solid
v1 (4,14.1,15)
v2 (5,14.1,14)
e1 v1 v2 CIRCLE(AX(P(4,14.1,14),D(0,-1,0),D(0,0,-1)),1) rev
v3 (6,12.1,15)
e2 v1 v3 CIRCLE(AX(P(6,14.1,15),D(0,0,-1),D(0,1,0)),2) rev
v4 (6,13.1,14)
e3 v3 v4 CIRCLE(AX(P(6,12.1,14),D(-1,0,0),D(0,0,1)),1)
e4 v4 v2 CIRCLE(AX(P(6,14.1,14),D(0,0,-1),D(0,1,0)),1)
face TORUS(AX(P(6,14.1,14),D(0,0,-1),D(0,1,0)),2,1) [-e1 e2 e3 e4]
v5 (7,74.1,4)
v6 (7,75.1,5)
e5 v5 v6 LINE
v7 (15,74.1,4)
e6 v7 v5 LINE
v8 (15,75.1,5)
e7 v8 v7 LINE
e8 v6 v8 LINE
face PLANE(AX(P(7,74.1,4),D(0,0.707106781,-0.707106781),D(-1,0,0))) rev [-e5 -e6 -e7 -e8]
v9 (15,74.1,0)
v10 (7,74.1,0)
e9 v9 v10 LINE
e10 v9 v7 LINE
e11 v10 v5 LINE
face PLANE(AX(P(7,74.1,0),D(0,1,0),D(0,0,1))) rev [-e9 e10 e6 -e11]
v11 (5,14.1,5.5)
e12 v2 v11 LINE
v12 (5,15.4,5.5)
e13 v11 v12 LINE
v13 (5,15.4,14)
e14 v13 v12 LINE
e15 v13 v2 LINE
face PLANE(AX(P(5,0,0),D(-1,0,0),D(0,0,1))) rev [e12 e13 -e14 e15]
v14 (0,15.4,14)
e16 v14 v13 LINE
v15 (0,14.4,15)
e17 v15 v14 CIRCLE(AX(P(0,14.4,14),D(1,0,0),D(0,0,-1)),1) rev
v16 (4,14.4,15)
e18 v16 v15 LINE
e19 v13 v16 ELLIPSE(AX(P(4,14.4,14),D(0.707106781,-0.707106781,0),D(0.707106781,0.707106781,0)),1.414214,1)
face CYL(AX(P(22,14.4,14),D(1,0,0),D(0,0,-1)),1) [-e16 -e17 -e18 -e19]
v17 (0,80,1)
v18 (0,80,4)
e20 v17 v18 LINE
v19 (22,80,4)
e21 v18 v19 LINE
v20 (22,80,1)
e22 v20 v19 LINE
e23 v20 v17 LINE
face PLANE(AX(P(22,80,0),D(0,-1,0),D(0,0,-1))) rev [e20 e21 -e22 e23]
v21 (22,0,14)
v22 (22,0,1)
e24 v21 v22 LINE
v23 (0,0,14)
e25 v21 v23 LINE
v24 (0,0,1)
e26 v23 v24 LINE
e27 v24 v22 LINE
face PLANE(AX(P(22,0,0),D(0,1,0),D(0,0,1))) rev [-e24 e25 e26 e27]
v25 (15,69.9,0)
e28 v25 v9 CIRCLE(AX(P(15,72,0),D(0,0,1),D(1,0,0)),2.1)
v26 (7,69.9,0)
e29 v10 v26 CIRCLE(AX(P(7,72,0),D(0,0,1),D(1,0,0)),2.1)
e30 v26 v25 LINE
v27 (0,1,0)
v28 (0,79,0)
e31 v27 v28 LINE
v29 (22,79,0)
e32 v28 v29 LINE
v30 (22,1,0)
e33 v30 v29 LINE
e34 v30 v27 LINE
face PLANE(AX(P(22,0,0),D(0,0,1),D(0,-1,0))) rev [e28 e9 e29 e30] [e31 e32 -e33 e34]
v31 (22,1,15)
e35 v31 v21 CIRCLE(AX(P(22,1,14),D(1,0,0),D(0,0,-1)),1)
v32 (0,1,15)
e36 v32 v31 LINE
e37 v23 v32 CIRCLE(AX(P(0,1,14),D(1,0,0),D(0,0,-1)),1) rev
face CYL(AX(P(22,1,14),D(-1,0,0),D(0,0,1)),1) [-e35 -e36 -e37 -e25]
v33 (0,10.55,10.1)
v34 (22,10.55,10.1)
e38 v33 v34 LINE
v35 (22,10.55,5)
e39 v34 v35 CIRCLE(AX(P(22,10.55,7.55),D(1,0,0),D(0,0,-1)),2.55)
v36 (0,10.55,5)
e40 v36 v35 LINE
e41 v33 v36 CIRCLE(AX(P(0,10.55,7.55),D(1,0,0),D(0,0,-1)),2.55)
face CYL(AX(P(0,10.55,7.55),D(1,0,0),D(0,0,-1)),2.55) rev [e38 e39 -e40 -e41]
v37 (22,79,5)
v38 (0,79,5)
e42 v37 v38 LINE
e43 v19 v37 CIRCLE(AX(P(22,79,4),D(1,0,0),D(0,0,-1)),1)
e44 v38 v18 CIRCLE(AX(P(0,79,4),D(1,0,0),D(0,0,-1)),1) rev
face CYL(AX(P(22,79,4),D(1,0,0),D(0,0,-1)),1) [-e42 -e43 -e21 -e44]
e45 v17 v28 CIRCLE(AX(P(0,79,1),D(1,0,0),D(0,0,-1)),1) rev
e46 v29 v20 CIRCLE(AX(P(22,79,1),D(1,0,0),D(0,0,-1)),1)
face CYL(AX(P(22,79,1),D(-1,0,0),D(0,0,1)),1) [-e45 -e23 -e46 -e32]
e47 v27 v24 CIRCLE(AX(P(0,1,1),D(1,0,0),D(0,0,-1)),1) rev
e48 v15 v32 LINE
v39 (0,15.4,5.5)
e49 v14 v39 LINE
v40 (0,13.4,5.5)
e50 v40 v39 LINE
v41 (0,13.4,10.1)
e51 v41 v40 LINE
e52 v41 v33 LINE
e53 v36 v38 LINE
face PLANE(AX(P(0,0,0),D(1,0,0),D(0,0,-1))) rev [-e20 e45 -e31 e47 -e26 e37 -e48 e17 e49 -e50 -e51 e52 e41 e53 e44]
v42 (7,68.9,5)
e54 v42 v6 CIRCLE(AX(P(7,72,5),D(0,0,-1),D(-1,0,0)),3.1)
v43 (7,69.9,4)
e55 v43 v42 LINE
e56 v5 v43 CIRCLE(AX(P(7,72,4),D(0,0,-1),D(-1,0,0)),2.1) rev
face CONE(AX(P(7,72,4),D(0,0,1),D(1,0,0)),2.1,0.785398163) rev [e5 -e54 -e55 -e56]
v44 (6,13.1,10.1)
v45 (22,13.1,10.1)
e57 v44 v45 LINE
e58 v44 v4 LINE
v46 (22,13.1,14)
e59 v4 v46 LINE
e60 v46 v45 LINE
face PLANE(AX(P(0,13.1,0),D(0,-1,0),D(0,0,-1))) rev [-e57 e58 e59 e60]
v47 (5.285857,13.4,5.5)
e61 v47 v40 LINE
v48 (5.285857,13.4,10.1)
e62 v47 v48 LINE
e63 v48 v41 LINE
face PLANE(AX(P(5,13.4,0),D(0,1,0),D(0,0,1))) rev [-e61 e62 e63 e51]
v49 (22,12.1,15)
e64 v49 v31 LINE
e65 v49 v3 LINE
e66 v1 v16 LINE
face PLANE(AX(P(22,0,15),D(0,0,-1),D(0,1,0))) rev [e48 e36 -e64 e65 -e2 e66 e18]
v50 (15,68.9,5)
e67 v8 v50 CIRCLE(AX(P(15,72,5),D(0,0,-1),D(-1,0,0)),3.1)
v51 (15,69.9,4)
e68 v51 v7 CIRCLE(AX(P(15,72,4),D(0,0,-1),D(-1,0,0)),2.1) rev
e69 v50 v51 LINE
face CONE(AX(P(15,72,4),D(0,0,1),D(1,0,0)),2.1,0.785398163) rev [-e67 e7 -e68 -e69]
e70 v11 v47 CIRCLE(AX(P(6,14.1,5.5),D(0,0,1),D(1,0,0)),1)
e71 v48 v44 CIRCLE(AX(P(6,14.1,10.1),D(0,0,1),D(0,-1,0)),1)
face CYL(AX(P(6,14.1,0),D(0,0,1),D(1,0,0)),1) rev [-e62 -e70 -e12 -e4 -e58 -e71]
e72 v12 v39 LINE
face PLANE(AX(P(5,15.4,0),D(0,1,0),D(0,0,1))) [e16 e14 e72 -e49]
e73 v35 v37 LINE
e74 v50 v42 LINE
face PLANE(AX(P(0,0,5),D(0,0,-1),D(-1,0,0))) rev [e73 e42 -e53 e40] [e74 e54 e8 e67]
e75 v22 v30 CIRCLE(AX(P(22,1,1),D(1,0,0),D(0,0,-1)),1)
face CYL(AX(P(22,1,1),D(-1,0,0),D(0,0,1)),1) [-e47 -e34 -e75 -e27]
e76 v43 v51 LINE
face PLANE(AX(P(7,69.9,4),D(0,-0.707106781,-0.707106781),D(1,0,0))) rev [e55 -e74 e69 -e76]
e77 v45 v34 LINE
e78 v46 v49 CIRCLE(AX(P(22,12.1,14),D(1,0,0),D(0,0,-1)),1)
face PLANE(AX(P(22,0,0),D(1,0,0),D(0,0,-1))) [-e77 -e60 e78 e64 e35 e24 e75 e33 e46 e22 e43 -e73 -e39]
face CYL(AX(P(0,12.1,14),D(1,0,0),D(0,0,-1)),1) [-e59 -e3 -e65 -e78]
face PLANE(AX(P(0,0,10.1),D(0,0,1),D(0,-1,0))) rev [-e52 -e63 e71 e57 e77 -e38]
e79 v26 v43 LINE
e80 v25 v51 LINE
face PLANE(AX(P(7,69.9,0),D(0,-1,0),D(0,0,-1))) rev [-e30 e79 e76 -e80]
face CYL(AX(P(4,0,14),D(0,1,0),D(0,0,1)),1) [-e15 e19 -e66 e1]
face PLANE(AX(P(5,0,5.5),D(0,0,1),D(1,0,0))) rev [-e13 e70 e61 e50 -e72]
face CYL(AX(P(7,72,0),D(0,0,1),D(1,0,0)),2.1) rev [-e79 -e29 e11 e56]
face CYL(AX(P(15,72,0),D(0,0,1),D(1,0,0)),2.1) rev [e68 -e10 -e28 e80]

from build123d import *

# Parameters (mm, degrees)
SKETCH1_W           = 15
SKETCH1_H           = 80
BOSS_EXTRUDE1_DEPTH = 22
CUT_EXTRUDE1_DEPTH  = 23
CUT_EXTRUDE2_DEPTH  = 6
CHAMFER1_SIZE       = 1
SKETCH6_W           = 4.9
SKETCH6_H           = 0.3
BOSS_EXTRUDE2_DEPTH = 5
FILLET2_R           = 1


with BuildPart() as part:
    # Sketch1 → Boss-Extrude1 (new body)
    with BuildSketch(Plane(origin=(0, 0, 0), x_dir=(0, 0, -1), z_dir=(1, 0, 0))):
        with Locations((-7.5, 40)):
            Rectangle(SKETCH1_W, SKETCH1_H)
    extrude(amount=BOSS_EXTRUDE1_DEPTH)

    # Sketch2 → Cut-Extrude1 (cut, through all)
    with BuildSketch(Plane(origin=(22, 0, 0), x_dir=(0, 0, -1), z_dir=(1, 0, 0))):
        with BuildLine():
            Line((-15, 80), (-15, 13.1))
            Line((-15, 13.1), (-10.1, 13.1))
            Line((-10.1, 13.1), (-10.1, 10.55))
            ThreePointArc((-10.1, 10.55), (-7.55, 8), (-5, 10.55))
            Line((-5, 10.55), (-5, 80))
            Line((-5, 80), (-15, 80))
        make_face()
    extrude(amount=-CUT_EXTRUDE1_DEPTH, mode=Mode.SUBTRACT)

    # Sketch3 → Cut-Extrude2 (cut, through all)
    with BuildSketch(Plane.XY.offset(5)):
        with BuildLine():
            Line((7, 74.1), (15, 74.1))
            ThreePointArc((15, 74.1), (17.1, 72), (15, 69.9))
            Line((15, 69.9), (7, 69.9))
            ThreePointArc((7, 69.9), (4.9, 72), (7, 74.1))
        make_face()
    extrude(amount=-CUT_EXTRUDE2_DEPTH, mode=Mode.SUBTRACT)

    # Chamfer1
    chamfer1_edges = [part.edges().sort_by_distance(p)[0] for p in [
        (4.9, 72, 5),
        (11, 69.9, 5),
        (17.1, 72, 5),
        (11, 74.1, 5),
    ]]
    chamfer(chamfer1_edges, length=CHAMFER1_SIZE)

    # Sketch6 → Boss-Extrude2 (add)
    with BuildSketch(Plane.ZY):
        Polygon((10.1, 13.4), (15, 13.4), (15, 15.4), (5.5, 15.4), (5.5, 13.4), align=None)
        with Locations((12.55, 13.25)):
            Rectangle(SKETCH6_W, SKETCH6_H)
    extrude(amount=-BOSS_EXTRUDE2_DEPTH)

    # Fillet2
    fillet2_edges = [part.edges().sort_by_distance(p)[0] for p in [
        (5, 14.25, 15),
        (11, 0, 0),
        (11, 80, 0),
        (11, 80, 5),
        (13.5, 13.1, 15),
        (11, 0, 15),
        (2.5, 15.4, 15),
        (5, 13.1, 12.55),
    ]]
    fillet(fillet2_edges, radius=FILLET2_R)


solid = part.part
